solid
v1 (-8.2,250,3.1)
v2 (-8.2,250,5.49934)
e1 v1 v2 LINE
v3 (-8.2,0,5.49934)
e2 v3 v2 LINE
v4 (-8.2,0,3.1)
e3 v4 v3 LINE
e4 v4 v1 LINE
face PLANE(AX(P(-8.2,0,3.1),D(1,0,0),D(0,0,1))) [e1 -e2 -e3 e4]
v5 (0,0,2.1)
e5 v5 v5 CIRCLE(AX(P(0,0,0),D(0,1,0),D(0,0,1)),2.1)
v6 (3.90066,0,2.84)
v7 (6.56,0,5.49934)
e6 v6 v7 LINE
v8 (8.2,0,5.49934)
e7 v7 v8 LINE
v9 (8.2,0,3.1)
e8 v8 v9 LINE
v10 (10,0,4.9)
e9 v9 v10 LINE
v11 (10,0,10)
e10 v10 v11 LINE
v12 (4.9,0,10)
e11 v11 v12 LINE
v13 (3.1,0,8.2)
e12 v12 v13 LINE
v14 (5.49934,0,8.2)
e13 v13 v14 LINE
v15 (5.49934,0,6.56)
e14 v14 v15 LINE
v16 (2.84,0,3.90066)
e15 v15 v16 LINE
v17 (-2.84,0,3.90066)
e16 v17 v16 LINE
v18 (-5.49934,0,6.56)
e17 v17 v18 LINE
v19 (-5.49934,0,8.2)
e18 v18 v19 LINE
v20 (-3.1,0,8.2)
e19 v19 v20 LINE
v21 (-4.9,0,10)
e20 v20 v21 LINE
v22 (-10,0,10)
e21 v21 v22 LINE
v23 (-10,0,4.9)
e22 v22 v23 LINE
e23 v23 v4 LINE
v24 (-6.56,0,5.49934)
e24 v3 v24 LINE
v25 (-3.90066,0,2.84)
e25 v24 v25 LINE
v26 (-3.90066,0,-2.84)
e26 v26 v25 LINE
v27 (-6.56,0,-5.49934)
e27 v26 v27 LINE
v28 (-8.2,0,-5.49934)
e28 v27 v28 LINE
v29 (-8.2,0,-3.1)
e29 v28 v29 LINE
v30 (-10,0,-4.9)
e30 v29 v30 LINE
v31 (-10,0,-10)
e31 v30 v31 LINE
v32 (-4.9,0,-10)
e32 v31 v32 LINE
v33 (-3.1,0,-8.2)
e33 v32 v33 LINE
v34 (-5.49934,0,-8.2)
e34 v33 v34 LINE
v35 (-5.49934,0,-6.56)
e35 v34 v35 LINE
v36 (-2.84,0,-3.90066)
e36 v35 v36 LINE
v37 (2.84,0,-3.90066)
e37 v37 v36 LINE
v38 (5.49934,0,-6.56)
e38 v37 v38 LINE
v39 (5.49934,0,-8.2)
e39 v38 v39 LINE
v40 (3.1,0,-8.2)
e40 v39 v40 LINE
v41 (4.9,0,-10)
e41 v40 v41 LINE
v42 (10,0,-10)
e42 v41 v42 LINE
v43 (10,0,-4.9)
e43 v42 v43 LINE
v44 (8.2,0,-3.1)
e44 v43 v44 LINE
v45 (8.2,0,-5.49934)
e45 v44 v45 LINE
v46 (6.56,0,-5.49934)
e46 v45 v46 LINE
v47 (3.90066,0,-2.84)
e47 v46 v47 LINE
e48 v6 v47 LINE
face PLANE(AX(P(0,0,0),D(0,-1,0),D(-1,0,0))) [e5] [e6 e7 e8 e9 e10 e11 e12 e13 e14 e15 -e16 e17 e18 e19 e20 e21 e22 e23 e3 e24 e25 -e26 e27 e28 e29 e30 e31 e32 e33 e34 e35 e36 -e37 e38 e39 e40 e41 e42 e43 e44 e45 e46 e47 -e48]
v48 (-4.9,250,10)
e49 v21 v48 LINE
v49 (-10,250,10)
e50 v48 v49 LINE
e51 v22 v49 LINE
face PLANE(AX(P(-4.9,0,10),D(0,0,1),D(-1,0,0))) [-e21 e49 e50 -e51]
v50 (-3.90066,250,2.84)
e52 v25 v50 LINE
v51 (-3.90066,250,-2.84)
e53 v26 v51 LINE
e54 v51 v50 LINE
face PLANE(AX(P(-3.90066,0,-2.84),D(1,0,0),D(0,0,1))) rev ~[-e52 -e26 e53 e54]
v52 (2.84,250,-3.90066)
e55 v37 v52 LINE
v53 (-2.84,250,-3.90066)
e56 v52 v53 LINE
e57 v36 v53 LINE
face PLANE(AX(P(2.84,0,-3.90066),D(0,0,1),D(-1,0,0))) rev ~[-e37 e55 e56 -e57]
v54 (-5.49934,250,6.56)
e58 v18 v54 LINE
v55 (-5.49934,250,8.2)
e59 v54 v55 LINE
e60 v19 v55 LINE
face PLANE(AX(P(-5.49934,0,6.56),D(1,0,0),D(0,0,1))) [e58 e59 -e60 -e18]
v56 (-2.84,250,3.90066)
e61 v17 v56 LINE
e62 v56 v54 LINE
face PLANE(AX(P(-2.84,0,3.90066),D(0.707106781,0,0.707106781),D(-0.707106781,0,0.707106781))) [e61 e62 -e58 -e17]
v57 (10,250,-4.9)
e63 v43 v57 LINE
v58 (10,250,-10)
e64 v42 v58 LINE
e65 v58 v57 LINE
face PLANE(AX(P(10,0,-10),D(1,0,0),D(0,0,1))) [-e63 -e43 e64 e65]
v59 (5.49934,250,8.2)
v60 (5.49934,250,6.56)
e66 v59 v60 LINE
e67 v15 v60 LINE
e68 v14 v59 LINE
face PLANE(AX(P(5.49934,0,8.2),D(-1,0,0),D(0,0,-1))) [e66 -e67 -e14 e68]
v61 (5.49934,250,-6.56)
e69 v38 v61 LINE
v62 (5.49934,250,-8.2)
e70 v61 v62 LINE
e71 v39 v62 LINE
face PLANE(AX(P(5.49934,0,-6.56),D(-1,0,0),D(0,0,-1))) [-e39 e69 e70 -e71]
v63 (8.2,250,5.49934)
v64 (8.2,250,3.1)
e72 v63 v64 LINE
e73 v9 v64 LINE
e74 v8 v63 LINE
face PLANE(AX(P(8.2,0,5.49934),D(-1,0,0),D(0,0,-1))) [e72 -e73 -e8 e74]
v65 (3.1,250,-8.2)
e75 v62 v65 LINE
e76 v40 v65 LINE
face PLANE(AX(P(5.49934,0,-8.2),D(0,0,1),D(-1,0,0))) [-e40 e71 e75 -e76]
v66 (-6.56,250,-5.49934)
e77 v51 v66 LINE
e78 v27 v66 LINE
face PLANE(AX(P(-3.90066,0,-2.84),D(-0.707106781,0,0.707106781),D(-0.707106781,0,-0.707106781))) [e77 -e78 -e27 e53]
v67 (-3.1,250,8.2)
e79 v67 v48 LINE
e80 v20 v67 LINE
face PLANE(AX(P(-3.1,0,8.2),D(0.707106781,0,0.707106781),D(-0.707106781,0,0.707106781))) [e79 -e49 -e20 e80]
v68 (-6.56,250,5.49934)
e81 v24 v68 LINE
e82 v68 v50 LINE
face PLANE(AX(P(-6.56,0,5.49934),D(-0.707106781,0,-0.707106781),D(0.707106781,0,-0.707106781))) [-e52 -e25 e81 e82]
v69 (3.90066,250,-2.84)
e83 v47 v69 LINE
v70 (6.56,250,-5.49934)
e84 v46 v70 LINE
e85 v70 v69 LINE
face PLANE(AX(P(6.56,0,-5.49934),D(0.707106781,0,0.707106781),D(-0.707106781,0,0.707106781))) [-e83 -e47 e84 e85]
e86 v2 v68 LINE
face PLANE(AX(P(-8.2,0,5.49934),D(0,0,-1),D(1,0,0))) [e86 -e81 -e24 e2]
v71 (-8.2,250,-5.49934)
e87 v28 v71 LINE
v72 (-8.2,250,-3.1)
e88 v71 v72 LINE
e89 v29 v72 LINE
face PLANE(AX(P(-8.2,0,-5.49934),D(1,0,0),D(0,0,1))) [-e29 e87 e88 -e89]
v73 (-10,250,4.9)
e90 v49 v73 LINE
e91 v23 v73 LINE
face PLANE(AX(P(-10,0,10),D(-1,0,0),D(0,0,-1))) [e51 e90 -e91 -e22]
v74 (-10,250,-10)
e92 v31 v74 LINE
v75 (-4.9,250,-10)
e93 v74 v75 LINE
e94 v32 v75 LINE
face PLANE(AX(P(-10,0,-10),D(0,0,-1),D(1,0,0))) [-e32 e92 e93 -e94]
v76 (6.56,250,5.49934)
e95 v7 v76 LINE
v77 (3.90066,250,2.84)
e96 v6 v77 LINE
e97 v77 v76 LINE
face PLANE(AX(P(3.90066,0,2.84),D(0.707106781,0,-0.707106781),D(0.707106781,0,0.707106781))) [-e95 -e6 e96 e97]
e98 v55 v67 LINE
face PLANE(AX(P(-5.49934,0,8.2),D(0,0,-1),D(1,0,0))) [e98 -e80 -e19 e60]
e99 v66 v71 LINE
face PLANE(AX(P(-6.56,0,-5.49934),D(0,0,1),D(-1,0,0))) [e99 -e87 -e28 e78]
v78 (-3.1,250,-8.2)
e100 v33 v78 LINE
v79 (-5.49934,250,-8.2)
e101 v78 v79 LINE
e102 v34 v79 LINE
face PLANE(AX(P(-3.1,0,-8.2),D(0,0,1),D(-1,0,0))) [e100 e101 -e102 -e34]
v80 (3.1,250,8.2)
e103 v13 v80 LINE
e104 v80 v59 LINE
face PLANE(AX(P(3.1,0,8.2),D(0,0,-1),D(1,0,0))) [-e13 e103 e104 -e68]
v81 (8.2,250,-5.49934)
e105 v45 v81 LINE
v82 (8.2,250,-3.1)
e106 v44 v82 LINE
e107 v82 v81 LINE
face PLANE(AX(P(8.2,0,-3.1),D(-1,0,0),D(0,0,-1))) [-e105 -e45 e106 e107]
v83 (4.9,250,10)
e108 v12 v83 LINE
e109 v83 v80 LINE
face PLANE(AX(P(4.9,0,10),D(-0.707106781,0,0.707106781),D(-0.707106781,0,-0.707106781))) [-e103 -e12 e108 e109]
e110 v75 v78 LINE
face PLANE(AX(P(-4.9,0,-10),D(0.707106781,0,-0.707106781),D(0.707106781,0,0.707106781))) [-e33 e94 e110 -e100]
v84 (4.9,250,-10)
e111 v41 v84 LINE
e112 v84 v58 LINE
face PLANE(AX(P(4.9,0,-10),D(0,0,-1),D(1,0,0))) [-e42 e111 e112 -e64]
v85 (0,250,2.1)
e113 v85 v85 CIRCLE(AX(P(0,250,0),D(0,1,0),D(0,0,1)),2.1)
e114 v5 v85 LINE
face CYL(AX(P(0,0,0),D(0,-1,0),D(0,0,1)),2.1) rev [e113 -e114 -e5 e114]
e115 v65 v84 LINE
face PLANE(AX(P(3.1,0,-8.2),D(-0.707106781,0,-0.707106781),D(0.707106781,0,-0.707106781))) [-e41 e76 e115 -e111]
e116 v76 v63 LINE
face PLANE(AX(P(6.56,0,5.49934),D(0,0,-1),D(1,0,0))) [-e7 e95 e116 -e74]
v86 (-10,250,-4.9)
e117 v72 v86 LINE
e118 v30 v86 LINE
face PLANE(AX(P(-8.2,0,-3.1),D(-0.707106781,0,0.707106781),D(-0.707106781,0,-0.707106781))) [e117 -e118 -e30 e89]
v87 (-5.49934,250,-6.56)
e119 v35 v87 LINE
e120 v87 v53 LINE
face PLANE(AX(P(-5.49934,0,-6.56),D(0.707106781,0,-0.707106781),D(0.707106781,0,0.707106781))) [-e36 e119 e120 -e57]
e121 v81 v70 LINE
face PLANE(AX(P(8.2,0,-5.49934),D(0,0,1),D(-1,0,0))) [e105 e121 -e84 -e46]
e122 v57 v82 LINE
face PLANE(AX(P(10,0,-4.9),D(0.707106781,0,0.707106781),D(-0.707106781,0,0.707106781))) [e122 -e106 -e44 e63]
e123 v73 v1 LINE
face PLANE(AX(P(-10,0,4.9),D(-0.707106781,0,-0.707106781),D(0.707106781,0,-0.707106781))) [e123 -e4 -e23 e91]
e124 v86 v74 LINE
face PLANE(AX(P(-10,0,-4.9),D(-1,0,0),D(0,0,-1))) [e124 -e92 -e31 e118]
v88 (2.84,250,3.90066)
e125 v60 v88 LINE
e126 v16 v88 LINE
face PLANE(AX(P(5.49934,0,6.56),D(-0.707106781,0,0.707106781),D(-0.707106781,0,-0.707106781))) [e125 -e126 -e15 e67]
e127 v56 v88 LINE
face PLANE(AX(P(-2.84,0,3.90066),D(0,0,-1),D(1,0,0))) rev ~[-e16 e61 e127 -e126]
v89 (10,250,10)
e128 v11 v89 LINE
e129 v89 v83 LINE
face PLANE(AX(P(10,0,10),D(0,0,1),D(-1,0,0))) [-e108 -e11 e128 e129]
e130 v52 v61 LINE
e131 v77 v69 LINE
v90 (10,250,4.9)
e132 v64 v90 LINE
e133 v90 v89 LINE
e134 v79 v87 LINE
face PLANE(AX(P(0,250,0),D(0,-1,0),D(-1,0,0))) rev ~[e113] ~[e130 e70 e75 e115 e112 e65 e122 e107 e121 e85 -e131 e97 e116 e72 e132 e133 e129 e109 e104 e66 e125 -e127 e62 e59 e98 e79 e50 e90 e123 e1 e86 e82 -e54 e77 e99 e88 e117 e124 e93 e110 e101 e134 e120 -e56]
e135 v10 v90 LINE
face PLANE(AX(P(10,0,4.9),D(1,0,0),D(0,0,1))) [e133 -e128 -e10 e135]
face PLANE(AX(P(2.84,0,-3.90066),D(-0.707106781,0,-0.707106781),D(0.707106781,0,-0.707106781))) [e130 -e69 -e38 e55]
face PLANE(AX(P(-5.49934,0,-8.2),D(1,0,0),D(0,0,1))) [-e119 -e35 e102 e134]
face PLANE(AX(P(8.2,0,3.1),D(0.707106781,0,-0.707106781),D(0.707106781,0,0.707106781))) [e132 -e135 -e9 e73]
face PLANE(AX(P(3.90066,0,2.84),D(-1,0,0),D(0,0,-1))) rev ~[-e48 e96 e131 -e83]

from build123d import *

# Parameters (mm, degrees)
SKETCH1_R           = 2.1
BOSS_EXTRUDE1_DEPTH = 250


with BuildPart() as part:
    # Sketch1 → Boss-Extrude1 (new body)
    with BuildSketch(Plane(origin=(0, 0, 0), x_dir=(1, 0, 0), z_dir=(0, 1, 0))):
        Polygon((-3.900660172, -2.84), (-3.900660172, 0), (-3.900660172, 2.84), (-6.56, 5.499339828), (-8.2, 5.499339828), (-8.2, 3.1), (-10, 4.9), (-10, 10), (-4.9, 10), (-3.1, 8.2), (-5.499339828, 8.2), (-5.499339828, 6.56), (-2.84, 3.900660172), (0, 3.900660172), (2.84, 3.900660172), (5.499339828, 6.56), (5.499339828, 8.2), (3.1, 8.2), (4.9, 10), (10, 10), (10, 4.9), (8.2, 3.1), (8.2, 5.499339828), (6.56, 5.499339828), (3.900660172, 2.84), (3.900660172, 0), (3.900660172, -2.84), (6.56, -5.499339828), (8.2, -5.499339828), (8.2, -3.1), (10, -4.9), (10, -10), (4.9, -10), (3.1, -8.2), (5.499339828, -8.2), (5.499339828, -6.56), (2.84, -3.900660172), (0, -3.900660172), (-2.84, -3.900660172), (-5.499339828, -6.56), (-5.499339828, -8.2), (-3.1, -8.2), (-4.9, -10), (-10, -10), (-10, -4.9), (-8.2, -3.1), (-8.2, -5.499339828), (-6.56, -5.499339828), align=None)
        with Locations(Location((0, 0, 0), (0, 0, 270))):
            Circle(SKETCH1_R, mode=Mode.SUBTRACT)
    extrude(amount=BOSS_EXTRUDE1_DEPTH)


solid = part.part
